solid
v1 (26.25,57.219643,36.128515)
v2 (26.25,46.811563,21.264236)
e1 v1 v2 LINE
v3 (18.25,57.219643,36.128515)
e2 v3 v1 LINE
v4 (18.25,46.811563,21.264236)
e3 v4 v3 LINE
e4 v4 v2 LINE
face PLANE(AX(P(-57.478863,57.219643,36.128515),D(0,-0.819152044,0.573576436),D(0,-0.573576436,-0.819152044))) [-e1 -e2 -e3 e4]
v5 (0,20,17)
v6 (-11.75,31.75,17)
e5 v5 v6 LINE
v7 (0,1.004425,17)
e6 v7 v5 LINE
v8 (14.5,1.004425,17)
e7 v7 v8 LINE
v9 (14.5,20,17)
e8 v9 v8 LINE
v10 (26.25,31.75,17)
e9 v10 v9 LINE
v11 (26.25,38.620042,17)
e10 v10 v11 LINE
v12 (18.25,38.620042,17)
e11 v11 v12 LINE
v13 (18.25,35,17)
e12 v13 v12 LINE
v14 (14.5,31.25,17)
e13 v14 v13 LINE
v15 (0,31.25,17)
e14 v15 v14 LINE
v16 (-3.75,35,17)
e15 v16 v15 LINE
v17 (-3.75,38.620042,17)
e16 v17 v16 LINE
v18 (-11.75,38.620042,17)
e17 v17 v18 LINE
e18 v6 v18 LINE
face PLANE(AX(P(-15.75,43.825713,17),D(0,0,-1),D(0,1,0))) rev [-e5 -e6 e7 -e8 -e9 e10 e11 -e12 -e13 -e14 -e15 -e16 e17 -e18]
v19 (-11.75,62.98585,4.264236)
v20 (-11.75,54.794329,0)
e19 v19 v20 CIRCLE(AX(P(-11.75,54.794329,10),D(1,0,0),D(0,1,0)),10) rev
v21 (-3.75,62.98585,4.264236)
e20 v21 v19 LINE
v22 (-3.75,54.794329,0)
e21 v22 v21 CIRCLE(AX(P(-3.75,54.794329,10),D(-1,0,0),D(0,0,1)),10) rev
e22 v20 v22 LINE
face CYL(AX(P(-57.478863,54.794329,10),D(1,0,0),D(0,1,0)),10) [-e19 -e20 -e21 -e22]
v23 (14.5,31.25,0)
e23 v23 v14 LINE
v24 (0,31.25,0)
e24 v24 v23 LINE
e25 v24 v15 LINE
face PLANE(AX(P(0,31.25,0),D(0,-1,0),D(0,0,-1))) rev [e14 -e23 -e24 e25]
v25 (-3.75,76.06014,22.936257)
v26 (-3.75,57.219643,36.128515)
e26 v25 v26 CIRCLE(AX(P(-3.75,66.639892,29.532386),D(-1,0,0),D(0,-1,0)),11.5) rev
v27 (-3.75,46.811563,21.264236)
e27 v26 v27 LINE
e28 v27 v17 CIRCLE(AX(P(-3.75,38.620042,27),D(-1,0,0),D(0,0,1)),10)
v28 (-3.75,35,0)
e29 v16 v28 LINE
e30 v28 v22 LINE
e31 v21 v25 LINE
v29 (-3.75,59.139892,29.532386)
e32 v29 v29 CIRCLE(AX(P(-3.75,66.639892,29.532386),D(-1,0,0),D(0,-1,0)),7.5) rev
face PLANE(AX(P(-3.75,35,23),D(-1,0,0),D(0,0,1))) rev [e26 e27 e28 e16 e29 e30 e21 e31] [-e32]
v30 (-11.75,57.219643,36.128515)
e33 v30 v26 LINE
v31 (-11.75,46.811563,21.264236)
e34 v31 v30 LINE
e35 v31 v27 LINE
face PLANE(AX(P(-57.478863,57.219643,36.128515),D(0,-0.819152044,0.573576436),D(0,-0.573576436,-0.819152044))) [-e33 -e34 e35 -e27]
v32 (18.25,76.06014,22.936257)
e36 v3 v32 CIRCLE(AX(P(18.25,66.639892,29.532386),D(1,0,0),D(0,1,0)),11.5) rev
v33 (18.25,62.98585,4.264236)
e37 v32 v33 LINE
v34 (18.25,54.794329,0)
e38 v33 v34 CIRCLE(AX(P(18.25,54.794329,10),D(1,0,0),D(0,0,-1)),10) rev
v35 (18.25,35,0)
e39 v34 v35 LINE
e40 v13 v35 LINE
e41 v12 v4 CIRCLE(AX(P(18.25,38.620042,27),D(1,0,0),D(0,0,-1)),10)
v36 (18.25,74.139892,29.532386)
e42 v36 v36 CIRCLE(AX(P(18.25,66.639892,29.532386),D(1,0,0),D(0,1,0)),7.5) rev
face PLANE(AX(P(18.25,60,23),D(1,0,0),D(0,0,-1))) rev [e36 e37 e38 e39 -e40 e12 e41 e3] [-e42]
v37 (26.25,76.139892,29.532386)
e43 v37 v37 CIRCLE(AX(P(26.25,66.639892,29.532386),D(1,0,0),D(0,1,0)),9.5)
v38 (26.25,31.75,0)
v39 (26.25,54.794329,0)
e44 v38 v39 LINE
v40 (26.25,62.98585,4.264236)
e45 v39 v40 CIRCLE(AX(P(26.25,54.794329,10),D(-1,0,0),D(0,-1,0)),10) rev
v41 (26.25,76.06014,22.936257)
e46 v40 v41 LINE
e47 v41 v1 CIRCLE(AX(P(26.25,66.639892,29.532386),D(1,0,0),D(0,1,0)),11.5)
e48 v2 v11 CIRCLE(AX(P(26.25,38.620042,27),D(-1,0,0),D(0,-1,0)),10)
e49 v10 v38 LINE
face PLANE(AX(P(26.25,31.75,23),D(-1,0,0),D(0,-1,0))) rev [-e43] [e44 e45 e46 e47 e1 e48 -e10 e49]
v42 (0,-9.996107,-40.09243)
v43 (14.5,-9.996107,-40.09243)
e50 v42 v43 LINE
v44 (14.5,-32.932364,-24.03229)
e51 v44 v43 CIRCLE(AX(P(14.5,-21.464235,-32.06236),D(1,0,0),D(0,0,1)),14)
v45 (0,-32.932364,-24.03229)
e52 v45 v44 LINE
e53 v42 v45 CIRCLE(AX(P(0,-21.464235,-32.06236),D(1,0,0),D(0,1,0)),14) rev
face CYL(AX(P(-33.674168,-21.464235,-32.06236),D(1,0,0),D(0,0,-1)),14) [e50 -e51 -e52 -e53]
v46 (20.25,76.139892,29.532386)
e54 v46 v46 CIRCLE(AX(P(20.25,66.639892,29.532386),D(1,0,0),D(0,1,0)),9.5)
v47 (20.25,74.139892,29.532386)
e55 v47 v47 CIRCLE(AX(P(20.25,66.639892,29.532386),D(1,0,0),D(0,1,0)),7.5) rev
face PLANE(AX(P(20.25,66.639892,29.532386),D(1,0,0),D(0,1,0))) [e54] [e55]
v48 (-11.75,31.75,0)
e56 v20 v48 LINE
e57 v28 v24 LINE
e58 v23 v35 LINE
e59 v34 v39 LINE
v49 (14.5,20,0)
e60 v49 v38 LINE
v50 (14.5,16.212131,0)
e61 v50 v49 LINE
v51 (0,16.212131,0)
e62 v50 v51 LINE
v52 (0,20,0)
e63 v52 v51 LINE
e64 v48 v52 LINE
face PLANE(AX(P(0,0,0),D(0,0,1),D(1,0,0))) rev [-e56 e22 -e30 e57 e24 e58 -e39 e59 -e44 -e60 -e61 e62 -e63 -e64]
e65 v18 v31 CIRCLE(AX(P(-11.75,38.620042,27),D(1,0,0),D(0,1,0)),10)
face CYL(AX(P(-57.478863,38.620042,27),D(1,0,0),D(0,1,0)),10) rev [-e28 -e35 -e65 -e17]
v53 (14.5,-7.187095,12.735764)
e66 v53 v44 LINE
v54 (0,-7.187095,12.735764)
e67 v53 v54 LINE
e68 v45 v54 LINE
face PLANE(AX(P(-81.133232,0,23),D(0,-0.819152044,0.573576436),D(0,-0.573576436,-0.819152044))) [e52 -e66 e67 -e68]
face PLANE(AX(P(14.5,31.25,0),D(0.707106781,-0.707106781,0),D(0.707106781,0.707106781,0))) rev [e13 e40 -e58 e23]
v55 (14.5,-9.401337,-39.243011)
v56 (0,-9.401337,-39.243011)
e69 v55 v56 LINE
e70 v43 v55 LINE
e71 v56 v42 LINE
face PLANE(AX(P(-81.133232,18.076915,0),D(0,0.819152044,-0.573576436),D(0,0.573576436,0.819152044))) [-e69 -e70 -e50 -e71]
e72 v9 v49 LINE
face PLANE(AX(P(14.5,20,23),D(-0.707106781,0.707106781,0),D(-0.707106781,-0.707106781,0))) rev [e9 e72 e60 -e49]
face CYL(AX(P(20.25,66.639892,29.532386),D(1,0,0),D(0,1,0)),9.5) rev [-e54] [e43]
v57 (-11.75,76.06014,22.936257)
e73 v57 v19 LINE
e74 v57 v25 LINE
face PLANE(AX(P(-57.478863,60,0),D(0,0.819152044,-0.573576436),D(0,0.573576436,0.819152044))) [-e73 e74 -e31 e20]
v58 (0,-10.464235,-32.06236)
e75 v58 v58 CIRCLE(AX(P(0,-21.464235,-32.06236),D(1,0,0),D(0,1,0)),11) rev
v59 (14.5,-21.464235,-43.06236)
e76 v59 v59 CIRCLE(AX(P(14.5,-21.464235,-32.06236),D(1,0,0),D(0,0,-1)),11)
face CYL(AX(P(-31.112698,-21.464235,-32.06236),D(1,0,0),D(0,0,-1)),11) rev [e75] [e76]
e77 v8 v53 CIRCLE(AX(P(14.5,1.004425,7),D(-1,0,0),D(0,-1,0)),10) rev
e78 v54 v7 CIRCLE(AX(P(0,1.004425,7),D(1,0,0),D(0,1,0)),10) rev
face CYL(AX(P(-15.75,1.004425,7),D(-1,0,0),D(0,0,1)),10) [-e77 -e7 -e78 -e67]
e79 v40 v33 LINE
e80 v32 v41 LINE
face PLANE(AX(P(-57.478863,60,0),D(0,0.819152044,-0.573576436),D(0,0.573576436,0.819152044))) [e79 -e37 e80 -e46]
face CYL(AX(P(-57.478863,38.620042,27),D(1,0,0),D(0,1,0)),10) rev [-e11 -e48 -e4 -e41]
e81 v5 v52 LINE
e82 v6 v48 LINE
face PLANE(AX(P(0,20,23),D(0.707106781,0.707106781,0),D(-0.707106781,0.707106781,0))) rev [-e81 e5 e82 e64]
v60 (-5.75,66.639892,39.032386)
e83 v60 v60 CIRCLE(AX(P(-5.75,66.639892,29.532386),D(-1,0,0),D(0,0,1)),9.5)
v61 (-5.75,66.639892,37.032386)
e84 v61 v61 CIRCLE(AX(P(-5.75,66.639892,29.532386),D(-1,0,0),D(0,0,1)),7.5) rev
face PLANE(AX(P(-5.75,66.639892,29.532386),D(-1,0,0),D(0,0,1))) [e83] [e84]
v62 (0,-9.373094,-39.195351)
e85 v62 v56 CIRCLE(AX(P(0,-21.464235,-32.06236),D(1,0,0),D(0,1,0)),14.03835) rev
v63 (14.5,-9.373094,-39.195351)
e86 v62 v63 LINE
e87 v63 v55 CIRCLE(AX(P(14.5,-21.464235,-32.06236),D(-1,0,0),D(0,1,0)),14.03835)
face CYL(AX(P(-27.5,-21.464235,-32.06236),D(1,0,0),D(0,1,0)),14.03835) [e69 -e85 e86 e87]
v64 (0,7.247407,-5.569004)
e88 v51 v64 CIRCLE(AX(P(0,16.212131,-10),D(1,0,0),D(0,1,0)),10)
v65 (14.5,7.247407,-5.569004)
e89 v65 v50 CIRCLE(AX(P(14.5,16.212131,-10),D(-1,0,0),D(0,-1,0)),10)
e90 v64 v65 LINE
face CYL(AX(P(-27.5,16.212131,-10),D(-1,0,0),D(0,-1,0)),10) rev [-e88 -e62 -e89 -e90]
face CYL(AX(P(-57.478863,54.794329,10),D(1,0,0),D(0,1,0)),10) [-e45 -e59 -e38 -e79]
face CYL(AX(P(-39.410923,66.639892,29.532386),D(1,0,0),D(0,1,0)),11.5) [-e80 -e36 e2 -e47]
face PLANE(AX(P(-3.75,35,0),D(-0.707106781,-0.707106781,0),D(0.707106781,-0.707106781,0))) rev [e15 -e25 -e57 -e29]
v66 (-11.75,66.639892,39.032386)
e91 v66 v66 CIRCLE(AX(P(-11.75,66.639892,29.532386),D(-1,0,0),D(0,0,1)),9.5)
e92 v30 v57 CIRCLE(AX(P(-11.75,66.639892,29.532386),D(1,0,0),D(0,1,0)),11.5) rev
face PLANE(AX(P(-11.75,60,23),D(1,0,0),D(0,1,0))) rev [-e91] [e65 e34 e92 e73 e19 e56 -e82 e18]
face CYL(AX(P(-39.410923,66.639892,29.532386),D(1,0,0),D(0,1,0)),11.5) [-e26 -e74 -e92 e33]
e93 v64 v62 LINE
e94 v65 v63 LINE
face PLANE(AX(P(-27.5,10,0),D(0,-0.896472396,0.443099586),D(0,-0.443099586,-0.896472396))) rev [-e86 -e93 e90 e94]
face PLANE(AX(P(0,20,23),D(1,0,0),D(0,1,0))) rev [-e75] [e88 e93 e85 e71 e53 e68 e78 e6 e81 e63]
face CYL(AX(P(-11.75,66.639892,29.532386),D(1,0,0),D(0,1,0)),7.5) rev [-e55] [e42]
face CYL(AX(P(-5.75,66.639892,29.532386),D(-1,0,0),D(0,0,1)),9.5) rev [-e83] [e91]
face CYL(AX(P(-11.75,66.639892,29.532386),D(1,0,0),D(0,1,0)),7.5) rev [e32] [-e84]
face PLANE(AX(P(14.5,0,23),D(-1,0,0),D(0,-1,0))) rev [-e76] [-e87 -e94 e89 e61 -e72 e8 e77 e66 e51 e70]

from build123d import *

# Parameters (mm, degrees)
EXTRUDE_1_DEPTH      = 23
CUT_EXTRUDE_1_DEPTH  = 70.412264766
EXTRUDE_7_REACH      = 76.653
EXTRUDE_8_DEPTH      = 38
SKETCH_18_R          = 7.5
CUT_EXTRUDE_10_DEPTH = 97.091099475
SKETCH_16_W          = 22
SKETCH_16_H          = 105.274199252
CUT_EXTRUDE_9_DEPTH  = 60.342228518
EXTRUDE_5_DEPTH      = 14.5
EXTRUDE_6_DEPTH      = 14.5
SKETCH_14_R          = 11
CUT_EXTRUDE_8_DEPTH  = 14.5
SKETCH_19_R          = 9.5
CUT_EXTRUDE_11_DEPTH = 6
CUT_EXTRUDE_START    = -6
SKETCH_20_R          = 9.5
CUT_EXTRUDE_12_DEPTH = 6
CUT_EXTRUDE_13_DEPTH = 42
CUT_EXTRUDE_14_DEPTH = 42
FILLET_1_R           = 10


with BuildPart() as part:
    # 草图1 → 凸台-拉伸1 (new body)
    with BuildSketch(Plane.XY):
        Polygon((0, 0), (14.5, 0), (14.5, 20), (26.25, 31.75), (26.25, 60), (18.25, 60), (18.25, 35), (-3.75, 35), (-3.75, 60), (-11.75, 60), (-11.75, 31.75), (0, 20), align=None)
    extrude(amount=EXTRUDE_1_DEPTH)

    # 草图2 → 切除-拉伸1 (cut, through all)
    with BuildSketch(Plane.XY.offset(23)):
        Polygon((-3.75, 35), (0, 31.25), (14.5, 31.25), (18.25, 35), align=None)
    extrude(amount=-CUT_EXTRUDE_1_DEPTH, mode=Mode.SUBTRACT)

    # 凸台-拉伸7: up to this face of the body (flat: up to its plane)
    extrude_7_end = Plane(part.part.faces().sort_by_distance((-11.75, 45.875, 11.5))[0])
    # 草图15 → 凸台-拉伸7 (add, up to the picked face)
    with BuildSketch(Plane(origin=(26.25, 0, 0), x_dir=(0, 0, -1), z_dir=(1, 0, 0)), mode=Mode.PRIVATE) as extrude_7_sk1:
        Polygon((0, 60), (-22.93625724, 76.060140218), (-36.128515276, 57.219643199), (-23, 48.026957837), align=None)
    extrude_7_tool1 = split(extrude(extrude_7_sk1.sketch, amount=-EXTRUDE_7_REACH, mode=Mode.PRIVATE), bisect_by=extrude_7_end, keep=Keep.BOTH, mode=Mode.PRIVATE)
    add(extrude_7_tool1.solids().sort_by(Axis((26.25, 61.024992, 19.695992), (-1, 0, 0)))[0])

    # 草图17 → 凸台-拉伸8 (add)
    with BuildSketch(Plane(origin=(26.25, 0, 0), x_dir=(0, 0, -1), z_dir=(1, 0, 0))):
        with BuildLine():
            Line((-22.93625724, 76.060140218), (-36.128515276, 57.219643199))
            ThreePointArc((-36.128515276, 57.219643199), (-38.952634767, 73.236020727), (-22.93625724, 76.060140218))
        make_face()
    extrude(amount=-EXTRUDE_8_DEPTH)

    # 草图18 → 切除-拉伸10 (cut, through all)
    with BuildSketch(Plane(origin=(26.25, 0, 0), x_dir=(0, 0, -1), z_dir=(1, 0, 0))):
        with Locations(Location((-29.532386258, 66.639891709, 0), (0, 0, 90))):
            Circle(SKETCH_18_R)
    extrude(amount=-CUT_EXTRUDE_10_DEPTH, mode=Mode.SUBTRACT)

    # 草图16 → 切除-拉伸9 (cut, through all)
    with BuildSketch(Plane(origin=(0, 47.207293091, 24.574561329), x_dir=(1, 0, 0), z_dir=(0, -0.8870108331782229, -0.4617486132350318))):
        with Locations((7.25, 24.932182832)):
            Rectangle(SKETCH_16_W, SKETCH_16_H)
    extrude(amount=-CUT_EXTRUDE_9_DEPTH, mode=Mode.SUBTRACT)

    # 草图12 → 凸台-拉伸5 (add)
    with BuildSketch(Plane(origin=(14.5, 0, 0), x_dir=(0, 0, -1), z_dir=(1, 0, 0))):
        Polygon((0, 18.076915106), (40.09243026, -9.996106787), (24.032290042, -32.932364027), (-23, 0), align=None)
    extrude(amount=-EXTRUDE_5_DEPTH)

    # 草图13 → 凸台-拉伸6 (add)
    with BuildSketch(Plane(origin=(14.5, 0, 0), x_dir=(0, 0, -1), z_dir=(1, 0, 0))):
        with BuildLine():
            Line((40.09243026, -9.996106787), (24.032290042, -32.932364027))
            ThreePointArc((24.032290042, -32.932364027), (43.530488771, -29.494305516), (40.09243026, -9.996106787))
        make_face()
    extrude(amount=-EXTRUDE_6_DEPTH)

    # 草图14 → 切除-拉伸8 (cut)
    with BuildSketch(Plane(origin=(14.5, 0, 0), x_dir=(0, 0, -1), z_dir=(1, 0, 0))):
        with Locations((32.062360151, -21.464235407)):
            Circle(SKETCH_14_R)
    extrude(amount=-CUT_EXTRUDE_8_DEPTH, mode=Mode.SUBTRACT)

    # 草图19 → 切除-拉伸11 (cut)
    with BuildSketch(Plane(origin=(26.25, 0, 0), x_dir=(0, 0, -1), z_dir=(1, 0, 0))):
        with Locations(Location((-29.532386258, 66.639891709, 0), (0, 0, 90))):
            Circle(SKETCH_19_R)
    extrude(amount=-CUT_EXTRUDE_11_DEPTH, mode=Mode.SUBTRACT)

    # 草图20 → 切除-拉伸12 (cut)
    with BuildSketch(Plane.ZY.offset(11.75).offset(CUT_EXTRUDE_START)):
        with Locations(Location((29.532386258, 66.639891709, 0), (0, 0, 90))):
            Circle(SKETCH_20_R)
    extrude(amount=CUT_EXTRUDE_12_DEPTH, mode=Mode.SUBTRACT)

    # 草图21 → 切除-拉伸13 (cut)
    with BuildSketch(Plane(origin=(26.25, 0, 0), x_dir=(0, 0, -1), z_dir=(1, 0, 0))):
        Polygon((-23, 48.026957837), (-17, 43.825712608), (-17, -13.167272348), (-41.854258514, 0), align=None)
    extrude(amount=-CUT_EXTRUDE_13_DEPTH, mode=Mode.SUBTRACT)

    # 草图22 → 切除-拉伸14 (cut)
    with BuildSketch(Plane(origin=(14.5, 0, 0), x_dir=(0, 0, -1), z_dir=(1, 0, 0))):
        with BuildLine():
            Line((0, 18.076915106), (0, 10))
            Line((0, 10), (39.195351346, -9.373093948))
            ThreePointArc((39.195351346, -9.373093948), (42.389326913, -11.954817829), (44.699464232, -15.350409632))
            Line((44.699464232, -15.350409632), (51.638294373, -1.311873193))
            Line((51.638294373, -1.311873193), (0, 18.076915106))
        make_face()
    extrude(amount=-CUT_EXTRUDE_14_DEPTH, mode=Mode.SUBTRACT)

    # 圆角1
    fillet_1_edges = [part.edges().sort_by_distance(p)[0] for p in [
        (-7.75, 60, 0),
        (22.25, 60, 0),
        (7.25, -4.201245229, 17),
        (22.25, 43.825712608, 17),
        (-7.75, 43.825712608, 17),
        (7.25, 10, 0),
    ]]
    fillet(fillet_1_edges, radius=FILLET_1_R)


solid = part.part
